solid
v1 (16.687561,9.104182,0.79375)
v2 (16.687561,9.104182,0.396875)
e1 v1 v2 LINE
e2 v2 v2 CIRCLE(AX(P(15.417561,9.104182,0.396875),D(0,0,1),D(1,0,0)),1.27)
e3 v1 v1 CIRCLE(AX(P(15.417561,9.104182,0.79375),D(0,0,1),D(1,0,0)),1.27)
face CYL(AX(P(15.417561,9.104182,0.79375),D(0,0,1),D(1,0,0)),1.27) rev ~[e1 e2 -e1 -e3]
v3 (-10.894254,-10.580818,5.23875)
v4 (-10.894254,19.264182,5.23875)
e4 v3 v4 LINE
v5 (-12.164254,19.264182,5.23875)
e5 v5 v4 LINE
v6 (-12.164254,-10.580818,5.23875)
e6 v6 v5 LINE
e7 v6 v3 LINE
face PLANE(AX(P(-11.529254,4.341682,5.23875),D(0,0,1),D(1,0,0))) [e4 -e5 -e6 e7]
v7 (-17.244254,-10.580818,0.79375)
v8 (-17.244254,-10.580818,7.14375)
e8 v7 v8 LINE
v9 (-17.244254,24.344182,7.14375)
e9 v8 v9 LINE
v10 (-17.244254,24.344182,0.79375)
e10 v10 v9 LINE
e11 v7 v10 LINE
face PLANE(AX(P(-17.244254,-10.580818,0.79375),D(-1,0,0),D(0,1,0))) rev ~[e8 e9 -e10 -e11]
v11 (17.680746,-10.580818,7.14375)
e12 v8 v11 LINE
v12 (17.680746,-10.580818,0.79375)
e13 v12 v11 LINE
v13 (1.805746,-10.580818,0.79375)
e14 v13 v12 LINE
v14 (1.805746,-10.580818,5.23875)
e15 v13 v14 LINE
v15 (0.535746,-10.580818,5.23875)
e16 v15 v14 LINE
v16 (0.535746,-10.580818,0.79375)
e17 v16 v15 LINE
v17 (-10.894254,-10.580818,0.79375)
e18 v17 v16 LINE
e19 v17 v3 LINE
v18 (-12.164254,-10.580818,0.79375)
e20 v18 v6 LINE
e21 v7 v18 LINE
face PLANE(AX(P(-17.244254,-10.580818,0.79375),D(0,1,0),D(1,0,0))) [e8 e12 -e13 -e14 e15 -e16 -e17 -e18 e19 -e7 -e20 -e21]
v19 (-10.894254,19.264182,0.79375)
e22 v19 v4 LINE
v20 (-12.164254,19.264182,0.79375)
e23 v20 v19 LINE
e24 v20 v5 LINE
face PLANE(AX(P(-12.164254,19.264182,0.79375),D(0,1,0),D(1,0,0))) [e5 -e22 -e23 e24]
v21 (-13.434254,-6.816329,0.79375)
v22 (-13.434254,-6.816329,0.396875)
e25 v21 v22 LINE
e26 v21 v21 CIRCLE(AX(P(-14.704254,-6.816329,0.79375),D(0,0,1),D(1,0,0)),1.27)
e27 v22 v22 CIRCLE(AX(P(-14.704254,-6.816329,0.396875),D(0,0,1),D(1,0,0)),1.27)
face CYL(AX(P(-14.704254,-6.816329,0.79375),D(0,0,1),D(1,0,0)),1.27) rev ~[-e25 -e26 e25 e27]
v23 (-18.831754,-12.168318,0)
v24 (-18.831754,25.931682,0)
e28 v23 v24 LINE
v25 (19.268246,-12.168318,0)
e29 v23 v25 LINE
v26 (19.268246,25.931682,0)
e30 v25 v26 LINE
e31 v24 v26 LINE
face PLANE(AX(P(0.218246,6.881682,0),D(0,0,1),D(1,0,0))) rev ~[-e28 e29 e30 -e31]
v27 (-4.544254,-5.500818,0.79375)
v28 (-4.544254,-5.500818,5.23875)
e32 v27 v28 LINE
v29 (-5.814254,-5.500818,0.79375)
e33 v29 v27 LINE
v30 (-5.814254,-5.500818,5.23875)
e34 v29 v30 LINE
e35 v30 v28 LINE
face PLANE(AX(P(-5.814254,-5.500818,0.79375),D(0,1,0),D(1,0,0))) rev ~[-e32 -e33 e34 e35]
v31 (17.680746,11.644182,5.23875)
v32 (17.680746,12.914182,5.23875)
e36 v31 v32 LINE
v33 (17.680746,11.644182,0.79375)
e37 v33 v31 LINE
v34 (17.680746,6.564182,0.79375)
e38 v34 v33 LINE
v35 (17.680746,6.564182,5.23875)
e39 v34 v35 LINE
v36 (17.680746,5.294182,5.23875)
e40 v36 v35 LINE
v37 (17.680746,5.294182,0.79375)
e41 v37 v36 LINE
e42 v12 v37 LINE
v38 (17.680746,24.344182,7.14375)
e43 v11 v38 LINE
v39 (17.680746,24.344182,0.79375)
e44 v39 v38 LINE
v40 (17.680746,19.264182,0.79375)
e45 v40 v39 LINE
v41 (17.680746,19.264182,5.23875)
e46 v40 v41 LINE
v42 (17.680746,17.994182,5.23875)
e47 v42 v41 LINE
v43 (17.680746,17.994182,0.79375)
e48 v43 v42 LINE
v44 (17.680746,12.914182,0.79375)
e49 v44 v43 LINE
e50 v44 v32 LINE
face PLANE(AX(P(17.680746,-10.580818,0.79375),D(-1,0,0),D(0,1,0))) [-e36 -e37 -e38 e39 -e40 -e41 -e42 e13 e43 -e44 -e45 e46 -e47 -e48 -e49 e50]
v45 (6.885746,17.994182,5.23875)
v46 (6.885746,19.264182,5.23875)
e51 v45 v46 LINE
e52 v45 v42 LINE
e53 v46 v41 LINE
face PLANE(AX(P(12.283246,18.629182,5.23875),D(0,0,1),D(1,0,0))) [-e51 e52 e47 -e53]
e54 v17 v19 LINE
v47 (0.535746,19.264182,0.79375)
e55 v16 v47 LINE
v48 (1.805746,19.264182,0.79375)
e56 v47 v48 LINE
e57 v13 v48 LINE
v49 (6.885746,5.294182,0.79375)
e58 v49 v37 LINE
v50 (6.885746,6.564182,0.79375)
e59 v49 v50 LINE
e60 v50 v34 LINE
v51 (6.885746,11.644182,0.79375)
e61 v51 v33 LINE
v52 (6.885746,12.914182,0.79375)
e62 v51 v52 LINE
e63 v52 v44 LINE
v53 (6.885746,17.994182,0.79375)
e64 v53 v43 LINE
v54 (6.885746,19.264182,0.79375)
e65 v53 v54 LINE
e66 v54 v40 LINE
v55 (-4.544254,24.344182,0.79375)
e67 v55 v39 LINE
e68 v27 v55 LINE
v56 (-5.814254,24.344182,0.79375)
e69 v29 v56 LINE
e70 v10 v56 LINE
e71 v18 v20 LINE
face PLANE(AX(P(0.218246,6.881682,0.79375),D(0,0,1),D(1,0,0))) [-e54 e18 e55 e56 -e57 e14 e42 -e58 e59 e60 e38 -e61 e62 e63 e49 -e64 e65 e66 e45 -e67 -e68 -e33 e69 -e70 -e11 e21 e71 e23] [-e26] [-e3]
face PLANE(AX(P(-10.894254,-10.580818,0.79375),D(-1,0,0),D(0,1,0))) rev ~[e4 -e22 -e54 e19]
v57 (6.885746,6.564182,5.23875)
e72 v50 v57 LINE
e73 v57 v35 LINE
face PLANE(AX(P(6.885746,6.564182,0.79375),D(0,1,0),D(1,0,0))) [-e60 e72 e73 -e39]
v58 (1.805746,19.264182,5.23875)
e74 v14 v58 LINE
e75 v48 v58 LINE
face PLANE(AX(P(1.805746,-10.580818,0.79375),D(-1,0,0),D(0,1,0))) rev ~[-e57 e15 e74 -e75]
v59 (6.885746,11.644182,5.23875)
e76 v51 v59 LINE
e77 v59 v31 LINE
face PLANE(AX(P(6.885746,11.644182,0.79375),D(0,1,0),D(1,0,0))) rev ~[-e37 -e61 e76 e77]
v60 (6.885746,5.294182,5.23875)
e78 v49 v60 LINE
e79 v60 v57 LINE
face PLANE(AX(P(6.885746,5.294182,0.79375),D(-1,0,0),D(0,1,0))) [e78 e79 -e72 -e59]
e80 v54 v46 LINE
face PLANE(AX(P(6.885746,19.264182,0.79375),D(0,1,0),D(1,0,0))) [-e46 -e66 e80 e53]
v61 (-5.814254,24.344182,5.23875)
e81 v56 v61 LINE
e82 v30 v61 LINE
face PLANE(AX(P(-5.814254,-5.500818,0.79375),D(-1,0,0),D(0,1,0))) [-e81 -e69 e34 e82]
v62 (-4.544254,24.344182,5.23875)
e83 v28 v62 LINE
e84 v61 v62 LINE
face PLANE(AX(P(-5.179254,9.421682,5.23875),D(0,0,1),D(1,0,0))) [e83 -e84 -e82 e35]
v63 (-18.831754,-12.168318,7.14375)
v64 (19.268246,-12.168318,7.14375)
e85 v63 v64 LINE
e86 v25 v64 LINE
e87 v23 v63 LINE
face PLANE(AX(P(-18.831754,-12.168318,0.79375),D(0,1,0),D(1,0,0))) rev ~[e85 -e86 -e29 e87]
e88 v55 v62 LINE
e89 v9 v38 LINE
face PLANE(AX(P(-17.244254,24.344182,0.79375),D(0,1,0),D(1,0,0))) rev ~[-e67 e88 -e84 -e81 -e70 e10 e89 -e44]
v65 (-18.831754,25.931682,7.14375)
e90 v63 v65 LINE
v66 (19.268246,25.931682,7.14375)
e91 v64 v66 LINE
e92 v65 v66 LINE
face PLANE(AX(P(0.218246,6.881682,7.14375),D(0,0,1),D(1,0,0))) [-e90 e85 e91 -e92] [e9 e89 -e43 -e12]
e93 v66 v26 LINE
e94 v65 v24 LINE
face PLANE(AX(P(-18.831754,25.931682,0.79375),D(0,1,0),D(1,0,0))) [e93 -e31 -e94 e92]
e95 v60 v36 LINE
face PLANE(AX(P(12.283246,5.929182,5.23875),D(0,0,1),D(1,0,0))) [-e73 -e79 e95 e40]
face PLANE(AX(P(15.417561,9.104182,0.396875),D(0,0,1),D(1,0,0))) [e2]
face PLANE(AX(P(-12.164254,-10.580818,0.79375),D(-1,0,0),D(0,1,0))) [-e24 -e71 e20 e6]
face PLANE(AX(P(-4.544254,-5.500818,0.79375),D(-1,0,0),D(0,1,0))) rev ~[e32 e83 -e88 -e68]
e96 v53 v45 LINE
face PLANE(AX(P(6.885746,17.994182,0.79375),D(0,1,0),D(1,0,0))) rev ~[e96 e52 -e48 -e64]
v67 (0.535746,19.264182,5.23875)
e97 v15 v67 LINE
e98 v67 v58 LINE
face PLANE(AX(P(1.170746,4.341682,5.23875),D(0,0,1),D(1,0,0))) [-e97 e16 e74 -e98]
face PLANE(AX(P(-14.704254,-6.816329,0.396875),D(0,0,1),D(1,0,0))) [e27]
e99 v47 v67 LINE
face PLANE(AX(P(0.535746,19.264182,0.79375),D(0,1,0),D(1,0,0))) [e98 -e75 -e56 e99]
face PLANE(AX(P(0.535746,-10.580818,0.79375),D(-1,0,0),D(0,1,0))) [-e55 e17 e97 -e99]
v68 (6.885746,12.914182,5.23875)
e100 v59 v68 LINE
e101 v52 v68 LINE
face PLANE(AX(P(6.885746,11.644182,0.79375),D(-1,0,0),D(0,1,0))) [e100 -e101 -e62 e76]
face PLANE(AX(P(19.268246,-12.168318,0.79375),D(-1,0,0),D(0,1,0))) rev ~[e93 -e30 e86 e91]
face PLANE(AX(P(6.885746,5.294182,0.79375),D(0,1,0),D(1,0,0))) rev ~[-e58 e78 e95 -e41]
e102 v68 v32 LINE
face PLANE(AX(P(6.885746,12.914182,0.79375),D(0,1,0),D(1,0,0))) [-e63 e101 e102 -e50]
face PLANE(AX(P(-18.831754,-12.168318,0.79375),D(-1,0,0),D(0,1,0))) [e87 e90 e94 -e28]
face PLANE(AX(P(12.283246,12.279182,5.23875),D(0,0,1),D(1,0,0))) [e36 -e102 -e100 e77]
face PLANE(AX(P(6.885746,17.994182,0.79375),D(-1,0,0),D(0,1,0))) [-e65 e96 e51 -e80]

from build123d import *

# Parameters (mm, degrees)
F0_W      = 38.1
F0_H      = 38.1
F1_DEPTH  = 0.79375
F2_W      = 38.1
F2_H      = 38.1
F2_W_2    = 34.925
F2_H_2    = 34.925
F3_DEPTH  = 6.35
F4_W      = 1.27
F4_H      = 29.845
F4_W_2    = 10.795
F4_H_2    = 1.27
F5_DEPTH  = 4.445
F6_W      = 10.795
F6_H      = 1.27
F7_DEPTH  = 4.445
F8_R      = 1.27
F9_DEPTH  = 0.396875
F10_R     = 1.27
F11_DEPTH = 0.396875
F12_DEPTH = 0.396875


with BuildPart() as f1:
    # F0 (on Top) → F1 (new body)
    with BuildSketch(Plane.XY):
        with Locations((0.218246, 6.881682)):
            Rectangle(F0_W, F0_H)
    extrude(amount=F1_DEPTH)

    # F2 (on face) → F3 (join)
    with BuildSketch(Plane.XY.offset(0.79375)):
        with Locations((0.218246, 6.881682)):
            Rectangle(F2_W, F2_H)
        with Locations((0.218246, 6.881682)):
            Rectangle(F2_W_2, F2_H_2, mode=Mode.SUBTRACT)
    extrude(amount=F3_DEPTH)

    # F4 (on face) → F5 (join)
    with BuildSketch(Plane.XY.offset(0.79375)):
        with Locations((-11.529254, 4.341682)):
            Rectangle(F4_W, F4_H)
        with Locations((-5.179254, 9.421682)):
            Rectangle(F4_W, F4_H)
        with Locations((1.170746, 4.341682)):
            Rectangle(F4_W, F4_H)
        with Locations((12.283246, 12.279182)):
            Rectangle(F4_W_2, F4_H_2)
        with Locations((12.283246, 18.629182)):
            Rectangle(F4_W_2, F4_H_2)
    extrude(amount=F5_DEPTH)

    # F6 (on face) → F7 (join)
    with BuildSketch(Plane.XY.offset(0.79375)):
        with Locations((12.283246, 5.929182)):
            Rectangle(F6_W, F6_H)
    extrude(amount=F7_DEPTH)

    # F8 (on face) → F9 (cut)
    with BuildSketch(Plane.XY.offset(0.79375)):
        with Locations((-14.704254, -6.816329)):
            Circle(F8_R)
    extrude(amount=F9_DEPTH, mode=Mode.SUBTRACT)

    # F10 (on face) → F11 (cut)
    with BuildSketch(Plane.XY.offset(0.79375)):
        with Locations((15.417561, 9.104182)):
            Circle(F10_R)
    extrude(amount=-F11_DEPTH, mode=Mode.SUBTRACT)

    # F8 (on face) → F12 (cut)
    with BuildSketch(Plane.XY.offset(0.79375)):
        with Locations((-14.704254, -6.816329)):
            Circle(F8_R)
    extrude(amount=-F12_DEPTH, mode=Mode.SUBTRACT)


solid = f1.part
